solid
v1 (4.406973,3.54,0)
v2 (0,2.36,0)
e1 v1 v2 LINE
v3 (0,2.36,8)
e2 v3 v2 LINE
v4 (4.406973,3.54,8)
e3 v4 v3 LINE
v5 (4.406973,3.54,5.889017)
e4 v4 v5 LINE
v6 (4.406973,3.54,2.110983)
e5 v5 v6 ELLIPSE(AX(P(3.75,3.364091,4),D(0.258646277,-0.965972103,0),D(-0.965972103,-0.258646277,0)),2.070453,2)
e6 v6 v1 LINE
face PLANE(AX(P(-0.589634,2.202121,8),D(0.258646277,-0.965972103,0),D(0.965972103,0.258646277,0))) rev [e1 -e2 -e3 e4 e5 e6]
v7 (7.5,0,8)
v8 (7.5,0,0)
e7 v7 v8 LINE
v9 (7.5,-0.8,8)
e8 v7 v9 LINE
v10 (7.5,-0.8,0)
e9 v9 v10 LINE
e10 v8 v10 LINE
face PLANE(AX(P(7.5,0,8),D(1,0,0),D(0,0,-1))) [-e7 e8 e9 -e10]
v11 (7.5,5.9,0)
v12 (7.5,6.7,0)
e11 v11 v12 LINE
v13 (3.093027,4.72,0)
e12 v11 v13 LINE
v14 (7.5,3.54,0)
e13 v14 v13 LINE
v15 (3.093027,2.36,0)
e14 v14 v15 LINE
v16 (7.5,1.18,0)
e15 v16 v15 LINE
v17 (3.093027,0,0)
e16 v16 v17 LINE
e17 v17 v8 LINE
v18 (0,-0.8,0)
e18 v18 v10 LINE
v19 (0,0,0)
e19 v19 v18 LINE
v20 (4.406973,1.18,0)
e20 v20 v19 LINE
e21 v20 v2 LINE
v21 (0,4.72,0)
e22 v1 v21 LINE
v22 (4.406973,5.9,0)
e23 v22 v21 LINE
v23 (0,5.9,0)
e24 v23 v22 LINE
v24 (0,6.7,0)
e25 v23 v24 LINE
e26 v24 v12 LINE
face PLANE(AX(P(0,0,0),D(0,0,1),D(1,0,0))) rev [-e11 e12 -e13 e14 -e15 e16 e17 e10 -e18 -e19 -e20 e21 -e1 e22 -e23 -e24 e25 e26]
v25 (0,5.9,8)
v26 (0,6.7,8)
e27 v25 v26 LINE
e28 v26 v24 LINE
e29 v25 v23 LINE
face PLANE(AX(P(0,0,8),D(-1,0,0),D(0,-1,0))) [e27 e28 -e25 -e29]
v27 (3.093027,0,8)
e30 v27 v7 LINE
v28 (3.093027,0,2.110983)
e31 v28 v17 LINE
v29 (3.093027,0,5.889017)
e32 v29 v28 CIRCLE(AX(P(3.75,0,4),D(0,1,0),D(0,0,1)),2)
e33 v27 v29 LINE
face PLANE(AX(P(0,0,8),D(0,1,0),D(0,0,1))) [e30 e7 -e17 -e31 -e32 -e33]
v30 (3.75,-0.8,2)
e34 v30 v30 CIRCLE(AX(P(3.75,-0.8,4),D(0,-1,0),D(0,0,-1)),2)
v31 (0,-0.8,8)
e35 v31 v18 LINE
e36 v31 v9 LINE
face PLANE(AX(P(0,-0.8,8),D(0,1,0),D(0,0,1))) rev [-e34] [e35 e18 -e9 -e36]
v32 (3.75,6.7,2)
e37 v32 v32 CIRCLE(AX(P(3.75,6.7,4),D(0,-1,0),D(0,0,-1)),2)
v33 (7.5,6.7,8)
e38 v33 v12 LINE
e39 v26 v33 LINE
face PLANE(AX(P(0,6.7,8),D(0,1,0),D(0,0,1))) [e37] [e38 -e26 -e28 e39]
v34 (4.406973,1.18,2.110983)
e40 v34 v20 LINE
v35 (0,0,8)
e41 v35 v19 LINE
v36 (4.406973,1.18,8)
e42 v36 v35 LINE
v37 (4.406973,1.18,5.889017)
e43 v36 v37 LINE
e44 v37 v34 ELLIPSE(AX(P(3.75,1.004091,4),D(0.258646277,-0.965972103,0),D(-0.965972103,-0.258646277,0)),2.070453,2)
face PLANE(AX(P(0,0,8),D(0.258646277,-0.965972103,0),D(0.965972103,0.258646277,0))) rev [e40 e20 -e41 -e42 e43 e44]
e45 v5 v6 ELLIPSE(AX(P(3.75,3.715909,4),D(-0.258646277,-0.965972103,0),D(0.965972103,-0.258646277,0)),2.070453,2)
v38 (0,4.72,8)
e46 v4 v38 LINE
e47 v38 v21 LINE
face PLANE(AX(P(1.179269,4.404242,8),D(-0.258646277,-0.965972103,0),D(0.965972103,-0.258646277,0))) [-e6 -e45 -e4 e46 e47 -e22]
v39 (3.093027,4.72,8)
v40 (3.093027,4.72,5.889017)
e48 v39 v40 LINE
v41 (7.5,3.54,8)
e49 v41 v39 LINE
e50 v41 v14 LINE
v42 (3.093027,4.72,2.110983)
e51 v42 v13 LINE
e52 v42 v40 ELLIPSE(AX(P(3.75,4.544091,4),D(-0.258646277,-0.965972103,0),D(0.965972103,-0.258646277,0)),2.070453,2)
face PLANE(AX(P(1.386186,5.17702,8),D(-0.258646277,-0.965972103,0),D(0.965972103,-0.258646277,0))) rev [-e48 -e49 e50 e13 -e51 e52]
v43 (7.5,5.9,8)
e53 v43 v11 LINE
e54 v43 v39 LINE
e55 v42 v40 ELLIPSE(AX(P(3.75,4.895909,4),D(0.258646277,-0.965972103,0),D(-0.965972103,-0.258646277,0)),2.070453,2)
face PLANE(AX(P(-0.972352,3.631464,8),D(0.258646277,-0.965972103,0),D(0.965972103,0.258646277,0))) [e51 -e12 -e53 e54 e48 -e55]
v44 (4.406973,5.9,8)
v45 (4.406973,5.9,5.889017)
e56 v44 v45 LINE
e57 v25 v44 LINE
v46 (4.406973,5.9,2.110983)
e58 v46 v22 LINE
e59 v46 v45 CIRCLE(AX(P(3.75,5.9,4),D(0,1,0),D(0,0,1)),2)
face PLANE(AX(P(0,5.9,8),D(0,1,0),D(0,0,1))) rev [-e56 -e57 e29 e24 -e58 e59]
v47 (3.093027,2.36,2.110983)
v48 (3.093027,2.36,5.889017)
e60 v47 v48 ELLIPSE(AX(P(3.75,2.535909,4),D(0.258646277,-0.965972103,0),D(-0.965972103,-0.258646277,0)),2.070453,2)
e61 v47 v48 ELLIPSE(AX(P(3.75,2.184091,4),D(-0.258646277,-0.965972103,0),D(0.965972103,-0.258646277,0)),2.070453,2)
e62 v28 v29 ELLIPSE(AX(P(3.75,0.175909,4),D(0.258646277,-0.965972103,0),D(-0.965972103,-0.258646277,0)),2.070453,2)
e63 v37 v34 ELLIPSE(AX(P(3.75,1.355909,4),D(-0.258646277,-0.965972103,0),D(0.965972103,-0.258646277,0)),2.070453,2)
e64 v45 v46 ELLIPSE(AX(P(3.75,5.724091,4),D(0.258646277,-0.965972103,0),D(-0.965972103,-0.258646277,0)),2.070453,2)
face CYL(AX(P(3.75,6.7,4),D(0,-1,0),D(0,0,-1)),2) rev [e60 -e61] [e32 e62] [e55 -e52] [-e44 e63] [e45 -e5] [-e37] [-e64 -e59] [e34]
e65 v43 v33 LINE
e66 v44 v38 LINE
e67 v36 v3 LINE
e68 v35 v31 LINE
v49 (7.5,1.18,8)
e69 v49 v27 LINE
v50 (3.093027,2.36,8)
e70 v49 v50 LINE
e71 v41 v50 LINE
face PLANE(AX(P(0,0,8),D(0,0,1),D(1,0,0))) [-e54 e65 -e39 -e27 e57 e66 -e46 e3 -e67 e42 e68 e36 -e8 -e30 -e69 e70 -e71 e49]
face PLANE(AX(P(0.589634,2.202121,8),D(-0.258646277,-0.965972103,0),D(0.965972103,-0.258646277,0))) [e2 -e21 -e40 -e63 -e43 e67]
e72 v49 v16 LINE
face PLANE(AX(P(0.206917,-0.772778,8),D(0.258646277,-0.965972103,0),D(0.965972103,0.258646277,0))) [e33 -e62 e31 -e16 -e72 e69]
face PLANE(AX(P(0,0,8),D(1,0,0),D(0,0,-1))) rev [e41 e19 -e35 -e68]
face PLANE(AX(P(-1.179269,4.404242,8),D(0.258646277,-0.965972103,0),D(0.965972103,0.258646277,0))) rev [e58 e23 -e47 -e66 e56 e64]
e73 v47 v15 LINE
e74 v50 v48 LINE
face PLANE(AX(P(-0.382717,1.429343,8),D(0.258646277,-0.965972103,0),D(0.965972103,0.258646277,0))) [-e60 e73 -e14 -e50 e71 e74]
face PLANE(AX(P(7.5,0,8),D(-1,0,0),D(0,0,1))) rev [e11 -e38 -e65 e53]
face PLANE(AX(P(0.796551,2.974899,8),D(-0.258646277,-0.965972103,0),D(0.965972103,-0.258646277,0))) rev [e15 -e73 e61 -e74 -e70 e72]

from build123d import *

# Parameters (mm, degrees)
BOSS_EXTRUDE3_DEPTH = 8
SKETCH4_R           = 2
CUT_EXTRUDE3_DEPTH  = 14.285330256


with BuildPart() as part:
    # Sketch3 → Boss-Extrude3 (new body)
    with BuildSketch(Plane.XY):
        Polygon((7.5, 0), (3.09302731, 0), (0, 0), (0, -0.8), (7.5, -0.8), align=None)
        Polygon((4.40697269, 5.9), (7.5, 5.9), (3.09302731, 4.72), (7.5, 3.54), (3.09302731, 2.36), (7.5, 1.18), (3.09302731, 0), (0, 0), (4.40697269, 1.18), (0, 2.36), (4.40697269, 3.54), (0, 4.72), align=None)
        Polygon((4.40697269, 5.9), (7.5, 5.9), (7.5, 6.7), (0, 6.7), (0, 5.9), align=None)
    extrude(amount=BOSS_EXTRUDE3_DEPTH)

    # Sketch4 → Cut-Extrude3 (cut, through all)
    with BuildSketch(Plane.XZ.offset(0.8)):
        with Locations(Location((3.75, 4, 0), (0, 0, 270))):
            Circle(SKETCH4_R)
    extrude(amount=-CUT_EXTRUDE3_DEPTH, mode=Mode.SUBTRACT)


solid = part.part
